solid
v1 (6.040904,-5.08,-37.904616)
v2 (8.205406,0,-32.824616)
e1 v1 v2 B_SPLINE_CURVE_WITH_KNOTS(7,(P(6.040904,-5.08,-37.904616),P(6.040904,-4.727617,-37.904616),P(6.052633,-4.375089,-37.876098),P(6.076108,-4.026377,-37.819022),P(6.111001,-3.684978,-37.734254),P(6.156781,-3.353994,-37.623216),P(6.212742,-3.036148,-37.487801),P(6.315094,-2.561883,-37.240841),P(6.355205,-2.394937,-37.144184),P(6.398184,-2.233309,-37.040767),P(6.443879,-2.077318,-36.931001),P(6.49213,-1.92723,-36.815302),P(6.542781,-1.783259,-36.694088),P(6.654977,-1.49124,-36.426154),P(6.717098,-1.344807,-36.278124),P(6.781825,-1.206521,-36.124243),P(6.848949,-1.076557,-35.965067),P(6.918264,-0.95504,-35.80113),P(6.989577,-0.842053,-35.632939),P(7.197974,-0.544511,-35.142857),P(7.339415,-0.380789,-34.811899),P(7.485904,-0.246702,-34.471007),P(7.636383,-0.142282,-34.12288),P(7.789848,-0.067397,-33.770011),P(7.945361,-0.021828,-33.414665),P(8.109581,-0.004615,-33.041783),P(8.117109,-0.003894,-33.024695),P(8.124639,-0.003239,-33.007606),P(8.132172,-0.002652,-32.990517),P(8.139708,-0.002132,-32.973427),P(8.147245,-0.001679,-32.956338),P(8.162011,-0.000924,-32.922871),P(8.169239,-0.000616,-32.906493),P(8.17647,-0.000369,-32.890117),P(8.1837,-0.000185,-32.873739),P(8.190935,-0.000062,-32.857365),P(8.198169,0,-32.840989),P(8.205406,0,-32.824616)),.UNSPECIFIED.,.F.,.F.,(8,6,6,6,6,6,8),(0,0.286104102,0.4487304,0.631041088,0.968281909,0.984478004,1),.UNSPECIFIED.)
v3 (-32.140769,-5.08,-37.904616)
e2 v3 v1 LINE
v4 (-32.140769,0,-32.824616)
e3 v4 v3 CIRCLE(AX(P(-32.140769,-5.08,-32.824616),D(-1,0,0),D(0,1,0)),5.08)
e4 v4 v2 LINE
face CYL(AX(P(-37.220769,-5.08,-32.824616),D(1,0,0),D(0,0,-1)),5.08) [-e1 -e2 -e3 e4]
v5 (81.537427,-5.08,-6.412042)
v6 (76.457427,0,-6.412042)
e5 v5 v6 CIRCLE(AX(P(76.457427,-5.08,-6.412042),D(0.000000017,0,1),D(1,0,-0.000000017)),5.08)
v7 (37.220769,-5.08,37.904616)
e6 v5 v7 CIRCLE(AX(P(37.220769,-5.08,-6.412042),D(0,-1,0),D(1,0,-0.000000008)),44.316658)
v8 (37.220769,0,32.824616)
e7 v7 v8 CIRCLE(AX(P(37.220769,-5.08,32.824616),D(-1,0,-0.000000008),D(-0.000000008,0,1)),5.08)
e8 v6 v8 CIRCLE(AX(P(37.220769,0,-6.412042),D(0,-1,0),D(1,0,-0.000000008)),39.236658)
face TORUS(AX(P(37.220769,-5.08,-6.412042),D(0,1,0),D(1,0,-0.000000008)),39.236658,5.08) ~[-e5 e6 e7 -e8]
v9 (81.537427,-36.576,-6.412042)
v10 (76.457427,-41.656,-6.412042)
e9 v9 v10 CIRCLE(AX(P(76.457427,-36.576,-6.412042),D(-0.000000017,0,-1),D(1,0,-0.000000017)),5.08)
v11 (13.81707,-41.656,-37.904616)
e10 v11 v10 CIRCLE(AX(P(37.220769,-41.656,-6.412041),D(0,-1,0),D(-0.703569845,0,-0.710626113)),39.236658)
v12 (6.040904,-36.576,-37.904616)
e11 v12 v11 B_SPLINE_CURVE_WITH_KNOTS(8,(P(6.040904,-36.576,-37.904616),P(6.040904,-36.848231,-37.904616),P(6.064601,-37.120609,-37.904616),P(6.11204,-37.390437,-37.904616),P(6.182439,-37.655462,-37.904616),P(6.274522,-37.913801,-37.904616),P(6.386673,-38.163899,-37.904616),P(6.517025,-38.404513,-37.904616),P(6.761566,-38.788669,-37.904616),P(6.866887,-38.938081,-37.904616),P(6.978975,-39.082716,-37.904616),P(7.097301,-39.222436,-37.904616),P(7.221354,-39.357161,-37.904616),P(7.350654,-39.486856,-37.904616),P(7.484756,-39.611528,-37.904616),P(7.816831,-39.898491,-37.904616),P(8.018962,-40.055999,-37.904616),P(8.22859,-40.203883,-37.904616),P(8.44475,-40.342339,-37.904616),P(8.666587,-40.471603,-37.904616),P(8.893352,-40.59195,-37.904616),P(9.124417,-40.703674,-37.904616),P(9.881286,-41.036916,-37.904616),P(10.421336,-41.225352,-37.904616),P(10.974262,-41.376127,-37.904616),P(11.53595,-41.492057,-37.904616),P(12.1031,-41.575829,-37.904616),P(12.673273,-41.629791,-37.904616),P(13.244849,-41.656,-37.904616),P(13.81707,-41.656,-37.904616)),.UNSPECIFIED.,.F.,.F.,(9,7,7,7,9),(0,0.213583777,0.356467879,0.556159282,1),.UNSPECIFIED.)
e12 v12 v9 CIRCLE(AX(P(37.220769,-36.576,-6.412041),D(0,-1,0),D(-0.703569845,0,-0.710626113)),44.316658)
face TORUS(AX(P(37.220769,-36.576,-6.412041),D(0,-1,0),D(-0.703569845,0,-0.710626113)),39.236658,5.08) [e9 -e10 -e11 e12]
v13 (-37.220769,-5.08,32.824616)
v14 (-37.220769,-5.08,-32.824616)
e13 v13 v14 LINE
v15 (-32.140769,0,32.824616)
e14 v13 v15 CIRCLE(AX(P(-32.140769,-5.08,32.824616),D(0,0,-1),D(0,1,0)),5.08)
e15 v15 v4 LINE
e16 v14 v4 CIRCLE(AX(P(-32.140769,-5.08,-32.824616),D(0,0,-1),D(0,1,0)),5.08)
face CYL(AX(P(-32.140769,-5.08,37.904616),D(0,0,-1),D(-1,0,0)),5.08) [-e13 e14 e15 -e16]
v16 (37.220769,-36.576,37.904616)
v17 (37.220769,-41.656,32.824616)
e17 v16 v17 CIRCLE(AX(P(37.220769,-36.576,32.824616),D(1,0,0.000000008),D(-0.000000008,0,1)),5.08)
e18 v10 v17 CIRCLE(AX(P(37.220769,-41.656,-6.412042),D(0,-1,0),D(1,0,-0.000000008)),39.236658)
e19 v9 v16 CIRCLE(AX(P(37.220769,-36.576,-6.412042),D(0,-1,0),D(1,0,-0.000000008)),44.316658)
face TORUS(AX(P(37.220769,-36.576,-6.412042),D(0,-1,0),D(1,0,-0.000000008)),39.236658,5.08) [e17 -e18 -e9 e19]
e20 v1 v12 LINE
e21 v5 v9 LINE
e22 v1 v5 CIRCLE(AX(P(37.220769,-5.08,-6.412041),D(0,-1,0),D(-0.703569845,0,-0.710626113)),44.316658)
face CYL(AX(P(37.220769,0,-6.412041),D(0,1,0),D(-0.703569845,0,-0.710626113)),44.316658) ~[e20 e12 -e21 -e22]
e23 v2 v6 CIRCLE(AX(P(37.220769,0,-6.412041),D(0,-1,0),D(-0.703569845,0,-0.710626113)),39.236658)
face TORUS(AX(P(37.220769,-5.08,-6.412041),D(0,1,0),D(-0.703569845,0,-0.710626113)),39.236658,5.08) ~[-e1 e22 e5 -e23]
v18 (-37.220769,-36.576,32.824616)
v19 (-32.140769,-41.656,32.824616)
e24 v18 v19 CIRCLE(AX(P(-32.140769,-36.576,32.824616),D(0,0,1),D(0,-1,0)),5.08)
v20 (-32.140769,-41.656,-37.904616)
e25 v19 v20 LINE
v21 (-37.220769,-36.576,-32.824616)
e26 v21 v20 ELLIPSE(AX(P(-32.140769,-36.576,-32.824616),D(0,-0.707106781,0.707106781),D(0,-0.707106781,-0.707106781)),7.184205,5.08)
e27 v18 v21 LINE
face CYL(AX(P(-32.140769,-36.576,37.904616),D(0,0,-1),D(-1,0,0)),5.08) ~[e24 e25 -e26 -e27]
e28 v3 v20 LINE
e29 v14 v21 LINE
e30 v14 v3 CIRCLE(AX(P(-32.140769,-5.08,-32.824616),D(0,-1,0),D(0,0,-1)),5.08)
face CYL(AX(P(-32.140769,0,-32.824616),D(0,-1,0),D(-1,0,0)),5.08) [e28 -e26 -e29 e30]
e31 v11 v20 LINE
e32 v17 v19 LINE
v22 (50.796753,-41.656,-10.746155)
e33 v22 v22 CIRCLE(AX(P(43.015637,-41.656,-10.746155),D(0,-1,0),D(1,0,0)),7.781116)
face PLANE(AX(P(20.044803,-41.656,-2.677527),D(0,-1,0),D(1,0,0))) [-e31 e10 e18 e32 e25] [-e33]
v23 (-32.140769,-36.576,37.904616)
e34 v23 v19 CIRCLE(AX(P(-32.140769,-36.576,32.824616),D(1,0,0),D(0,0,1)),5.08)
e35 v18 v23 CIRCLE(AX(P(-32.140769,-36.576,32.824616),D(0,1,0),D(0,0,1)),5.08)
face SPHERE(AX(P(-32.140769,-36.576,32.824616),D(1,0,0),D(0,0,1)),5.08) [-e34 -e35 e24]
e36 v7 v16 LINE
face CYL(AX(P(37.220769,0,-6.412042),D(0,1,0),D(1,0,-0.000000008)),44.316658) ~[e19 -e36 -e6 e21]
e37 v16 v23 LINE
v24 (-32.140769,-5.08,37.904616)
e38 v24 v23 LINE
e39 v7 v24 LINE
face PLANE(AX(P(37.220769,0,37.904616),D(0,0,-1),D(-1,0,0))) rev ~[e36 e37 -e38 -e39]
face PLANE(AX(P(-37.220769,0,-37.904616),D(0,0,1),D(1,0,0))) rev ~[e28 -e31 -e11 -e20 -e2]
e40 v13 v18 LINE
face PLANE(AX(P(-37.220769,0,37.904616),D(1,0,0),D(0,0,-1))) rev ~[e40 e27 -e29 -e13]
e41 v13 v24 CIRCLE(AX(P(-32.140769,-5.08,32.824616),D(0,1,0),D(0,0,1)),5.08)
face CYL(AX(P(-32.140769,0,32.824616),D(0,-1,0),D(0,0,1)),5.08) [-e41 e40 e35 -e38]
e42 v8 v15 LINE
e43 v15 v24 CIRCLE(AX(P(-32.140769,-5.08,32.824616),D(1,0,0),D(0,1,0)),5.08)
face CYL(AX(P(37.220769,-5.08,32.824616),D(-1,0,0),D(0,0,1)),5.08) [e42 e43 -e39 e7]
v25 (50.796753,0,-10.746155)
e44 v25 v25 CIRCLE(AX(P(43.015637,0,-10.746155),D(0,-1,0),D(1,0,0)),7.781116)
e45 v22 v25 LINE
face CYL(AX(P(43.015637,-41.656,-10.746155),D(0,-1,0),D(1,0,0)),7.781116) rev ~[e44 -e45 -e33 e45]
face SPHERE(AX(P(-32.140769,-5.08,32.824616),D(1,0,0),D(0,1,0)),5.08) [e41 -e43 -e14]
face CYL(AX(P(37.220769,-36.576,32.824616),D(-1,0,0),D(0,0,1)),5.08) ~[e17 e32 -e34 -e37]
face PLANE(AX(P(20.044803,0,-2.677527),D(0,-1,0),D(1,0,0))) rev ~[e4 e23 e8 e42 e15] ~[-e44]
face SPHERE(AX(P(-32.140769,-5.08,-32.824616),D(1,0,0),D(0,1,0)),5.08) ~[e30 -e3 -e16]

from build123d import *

# Parameters (mm, degrees)
F1_DEPTH = 41.656
F2_R     = 5.08
F3_R     = 7.781116
F4_DEPTH = 55.626


with BuildPart() as f1:
    # F0 (on Front) → F1 (new body)
    with BuildSketch(Plane.XZ):
        with BuildLine():
            Line((37.220769, -37.904616), (37.220769, 37.904616))
            ThreePointArc((37.220769, 37.904616), (-3.764667, 10.445012), (6.040904, -37.904616))
            Line((6.040904, -37.904616), (37.220769, -37.904616))
        make_face()
        with BuildLine():
            ThreePointArc((81.537427, -6.412042), (68.557378, 24.924568), (37.220769, 37.904616))
            Line((37.220769, 37.904616), (37.220769, -37.904616))
            Line((37.220769, -37.904616), (6.040904, -37.904616))
            ThreePointArc((6.040904, -37.904616), (54.282111, -47.312858), (81.537427, -6.412042))
        make_face()
        with BuildLine():
            Line((37.220769, 37.904616), (-37.220769, 37.904616))
            Line((-37.220769, 37.904616), (-37.220769, -37.904616))
            Line((-37.220769, -37.904616), (6.040904, -37.904616))
            ThreePointArc((6.040904, -37.904616), (-3.764667, 10.445012), (37.220769, 37.904616))
        make_face()
    extrude(amount=F1_DEPTH)

    # F2
    f2_edges = [f1.edges().sort_by_distance(p)[0] for p in [
        (0, -41.656, 37.904616),
        (37.220769, -20.828, 37.904616),
        (78.206204, 0, -23.269096),
        (-15.589932, 0, -37.904616),
        (-37.220769, 0, 0),
        (-37.220769, -20.828, 37.904616),
        (-37.220769, -41.656, 0),
        (-37.220769, -20.828, -37.904616),
    ]]
    fillet(f2_edges, radius=F2_R)

    # F3 (on face) → F4 (cut)
    with BuildSketch(Plane.XZ.offset(41.656)):
        with Locations((43.015637, -10.746155)):
            Circle(F3_R)
    extrude(amount=-F4_DEPTH, mode=Mode.SUBTRACT)


solid = f1.part
